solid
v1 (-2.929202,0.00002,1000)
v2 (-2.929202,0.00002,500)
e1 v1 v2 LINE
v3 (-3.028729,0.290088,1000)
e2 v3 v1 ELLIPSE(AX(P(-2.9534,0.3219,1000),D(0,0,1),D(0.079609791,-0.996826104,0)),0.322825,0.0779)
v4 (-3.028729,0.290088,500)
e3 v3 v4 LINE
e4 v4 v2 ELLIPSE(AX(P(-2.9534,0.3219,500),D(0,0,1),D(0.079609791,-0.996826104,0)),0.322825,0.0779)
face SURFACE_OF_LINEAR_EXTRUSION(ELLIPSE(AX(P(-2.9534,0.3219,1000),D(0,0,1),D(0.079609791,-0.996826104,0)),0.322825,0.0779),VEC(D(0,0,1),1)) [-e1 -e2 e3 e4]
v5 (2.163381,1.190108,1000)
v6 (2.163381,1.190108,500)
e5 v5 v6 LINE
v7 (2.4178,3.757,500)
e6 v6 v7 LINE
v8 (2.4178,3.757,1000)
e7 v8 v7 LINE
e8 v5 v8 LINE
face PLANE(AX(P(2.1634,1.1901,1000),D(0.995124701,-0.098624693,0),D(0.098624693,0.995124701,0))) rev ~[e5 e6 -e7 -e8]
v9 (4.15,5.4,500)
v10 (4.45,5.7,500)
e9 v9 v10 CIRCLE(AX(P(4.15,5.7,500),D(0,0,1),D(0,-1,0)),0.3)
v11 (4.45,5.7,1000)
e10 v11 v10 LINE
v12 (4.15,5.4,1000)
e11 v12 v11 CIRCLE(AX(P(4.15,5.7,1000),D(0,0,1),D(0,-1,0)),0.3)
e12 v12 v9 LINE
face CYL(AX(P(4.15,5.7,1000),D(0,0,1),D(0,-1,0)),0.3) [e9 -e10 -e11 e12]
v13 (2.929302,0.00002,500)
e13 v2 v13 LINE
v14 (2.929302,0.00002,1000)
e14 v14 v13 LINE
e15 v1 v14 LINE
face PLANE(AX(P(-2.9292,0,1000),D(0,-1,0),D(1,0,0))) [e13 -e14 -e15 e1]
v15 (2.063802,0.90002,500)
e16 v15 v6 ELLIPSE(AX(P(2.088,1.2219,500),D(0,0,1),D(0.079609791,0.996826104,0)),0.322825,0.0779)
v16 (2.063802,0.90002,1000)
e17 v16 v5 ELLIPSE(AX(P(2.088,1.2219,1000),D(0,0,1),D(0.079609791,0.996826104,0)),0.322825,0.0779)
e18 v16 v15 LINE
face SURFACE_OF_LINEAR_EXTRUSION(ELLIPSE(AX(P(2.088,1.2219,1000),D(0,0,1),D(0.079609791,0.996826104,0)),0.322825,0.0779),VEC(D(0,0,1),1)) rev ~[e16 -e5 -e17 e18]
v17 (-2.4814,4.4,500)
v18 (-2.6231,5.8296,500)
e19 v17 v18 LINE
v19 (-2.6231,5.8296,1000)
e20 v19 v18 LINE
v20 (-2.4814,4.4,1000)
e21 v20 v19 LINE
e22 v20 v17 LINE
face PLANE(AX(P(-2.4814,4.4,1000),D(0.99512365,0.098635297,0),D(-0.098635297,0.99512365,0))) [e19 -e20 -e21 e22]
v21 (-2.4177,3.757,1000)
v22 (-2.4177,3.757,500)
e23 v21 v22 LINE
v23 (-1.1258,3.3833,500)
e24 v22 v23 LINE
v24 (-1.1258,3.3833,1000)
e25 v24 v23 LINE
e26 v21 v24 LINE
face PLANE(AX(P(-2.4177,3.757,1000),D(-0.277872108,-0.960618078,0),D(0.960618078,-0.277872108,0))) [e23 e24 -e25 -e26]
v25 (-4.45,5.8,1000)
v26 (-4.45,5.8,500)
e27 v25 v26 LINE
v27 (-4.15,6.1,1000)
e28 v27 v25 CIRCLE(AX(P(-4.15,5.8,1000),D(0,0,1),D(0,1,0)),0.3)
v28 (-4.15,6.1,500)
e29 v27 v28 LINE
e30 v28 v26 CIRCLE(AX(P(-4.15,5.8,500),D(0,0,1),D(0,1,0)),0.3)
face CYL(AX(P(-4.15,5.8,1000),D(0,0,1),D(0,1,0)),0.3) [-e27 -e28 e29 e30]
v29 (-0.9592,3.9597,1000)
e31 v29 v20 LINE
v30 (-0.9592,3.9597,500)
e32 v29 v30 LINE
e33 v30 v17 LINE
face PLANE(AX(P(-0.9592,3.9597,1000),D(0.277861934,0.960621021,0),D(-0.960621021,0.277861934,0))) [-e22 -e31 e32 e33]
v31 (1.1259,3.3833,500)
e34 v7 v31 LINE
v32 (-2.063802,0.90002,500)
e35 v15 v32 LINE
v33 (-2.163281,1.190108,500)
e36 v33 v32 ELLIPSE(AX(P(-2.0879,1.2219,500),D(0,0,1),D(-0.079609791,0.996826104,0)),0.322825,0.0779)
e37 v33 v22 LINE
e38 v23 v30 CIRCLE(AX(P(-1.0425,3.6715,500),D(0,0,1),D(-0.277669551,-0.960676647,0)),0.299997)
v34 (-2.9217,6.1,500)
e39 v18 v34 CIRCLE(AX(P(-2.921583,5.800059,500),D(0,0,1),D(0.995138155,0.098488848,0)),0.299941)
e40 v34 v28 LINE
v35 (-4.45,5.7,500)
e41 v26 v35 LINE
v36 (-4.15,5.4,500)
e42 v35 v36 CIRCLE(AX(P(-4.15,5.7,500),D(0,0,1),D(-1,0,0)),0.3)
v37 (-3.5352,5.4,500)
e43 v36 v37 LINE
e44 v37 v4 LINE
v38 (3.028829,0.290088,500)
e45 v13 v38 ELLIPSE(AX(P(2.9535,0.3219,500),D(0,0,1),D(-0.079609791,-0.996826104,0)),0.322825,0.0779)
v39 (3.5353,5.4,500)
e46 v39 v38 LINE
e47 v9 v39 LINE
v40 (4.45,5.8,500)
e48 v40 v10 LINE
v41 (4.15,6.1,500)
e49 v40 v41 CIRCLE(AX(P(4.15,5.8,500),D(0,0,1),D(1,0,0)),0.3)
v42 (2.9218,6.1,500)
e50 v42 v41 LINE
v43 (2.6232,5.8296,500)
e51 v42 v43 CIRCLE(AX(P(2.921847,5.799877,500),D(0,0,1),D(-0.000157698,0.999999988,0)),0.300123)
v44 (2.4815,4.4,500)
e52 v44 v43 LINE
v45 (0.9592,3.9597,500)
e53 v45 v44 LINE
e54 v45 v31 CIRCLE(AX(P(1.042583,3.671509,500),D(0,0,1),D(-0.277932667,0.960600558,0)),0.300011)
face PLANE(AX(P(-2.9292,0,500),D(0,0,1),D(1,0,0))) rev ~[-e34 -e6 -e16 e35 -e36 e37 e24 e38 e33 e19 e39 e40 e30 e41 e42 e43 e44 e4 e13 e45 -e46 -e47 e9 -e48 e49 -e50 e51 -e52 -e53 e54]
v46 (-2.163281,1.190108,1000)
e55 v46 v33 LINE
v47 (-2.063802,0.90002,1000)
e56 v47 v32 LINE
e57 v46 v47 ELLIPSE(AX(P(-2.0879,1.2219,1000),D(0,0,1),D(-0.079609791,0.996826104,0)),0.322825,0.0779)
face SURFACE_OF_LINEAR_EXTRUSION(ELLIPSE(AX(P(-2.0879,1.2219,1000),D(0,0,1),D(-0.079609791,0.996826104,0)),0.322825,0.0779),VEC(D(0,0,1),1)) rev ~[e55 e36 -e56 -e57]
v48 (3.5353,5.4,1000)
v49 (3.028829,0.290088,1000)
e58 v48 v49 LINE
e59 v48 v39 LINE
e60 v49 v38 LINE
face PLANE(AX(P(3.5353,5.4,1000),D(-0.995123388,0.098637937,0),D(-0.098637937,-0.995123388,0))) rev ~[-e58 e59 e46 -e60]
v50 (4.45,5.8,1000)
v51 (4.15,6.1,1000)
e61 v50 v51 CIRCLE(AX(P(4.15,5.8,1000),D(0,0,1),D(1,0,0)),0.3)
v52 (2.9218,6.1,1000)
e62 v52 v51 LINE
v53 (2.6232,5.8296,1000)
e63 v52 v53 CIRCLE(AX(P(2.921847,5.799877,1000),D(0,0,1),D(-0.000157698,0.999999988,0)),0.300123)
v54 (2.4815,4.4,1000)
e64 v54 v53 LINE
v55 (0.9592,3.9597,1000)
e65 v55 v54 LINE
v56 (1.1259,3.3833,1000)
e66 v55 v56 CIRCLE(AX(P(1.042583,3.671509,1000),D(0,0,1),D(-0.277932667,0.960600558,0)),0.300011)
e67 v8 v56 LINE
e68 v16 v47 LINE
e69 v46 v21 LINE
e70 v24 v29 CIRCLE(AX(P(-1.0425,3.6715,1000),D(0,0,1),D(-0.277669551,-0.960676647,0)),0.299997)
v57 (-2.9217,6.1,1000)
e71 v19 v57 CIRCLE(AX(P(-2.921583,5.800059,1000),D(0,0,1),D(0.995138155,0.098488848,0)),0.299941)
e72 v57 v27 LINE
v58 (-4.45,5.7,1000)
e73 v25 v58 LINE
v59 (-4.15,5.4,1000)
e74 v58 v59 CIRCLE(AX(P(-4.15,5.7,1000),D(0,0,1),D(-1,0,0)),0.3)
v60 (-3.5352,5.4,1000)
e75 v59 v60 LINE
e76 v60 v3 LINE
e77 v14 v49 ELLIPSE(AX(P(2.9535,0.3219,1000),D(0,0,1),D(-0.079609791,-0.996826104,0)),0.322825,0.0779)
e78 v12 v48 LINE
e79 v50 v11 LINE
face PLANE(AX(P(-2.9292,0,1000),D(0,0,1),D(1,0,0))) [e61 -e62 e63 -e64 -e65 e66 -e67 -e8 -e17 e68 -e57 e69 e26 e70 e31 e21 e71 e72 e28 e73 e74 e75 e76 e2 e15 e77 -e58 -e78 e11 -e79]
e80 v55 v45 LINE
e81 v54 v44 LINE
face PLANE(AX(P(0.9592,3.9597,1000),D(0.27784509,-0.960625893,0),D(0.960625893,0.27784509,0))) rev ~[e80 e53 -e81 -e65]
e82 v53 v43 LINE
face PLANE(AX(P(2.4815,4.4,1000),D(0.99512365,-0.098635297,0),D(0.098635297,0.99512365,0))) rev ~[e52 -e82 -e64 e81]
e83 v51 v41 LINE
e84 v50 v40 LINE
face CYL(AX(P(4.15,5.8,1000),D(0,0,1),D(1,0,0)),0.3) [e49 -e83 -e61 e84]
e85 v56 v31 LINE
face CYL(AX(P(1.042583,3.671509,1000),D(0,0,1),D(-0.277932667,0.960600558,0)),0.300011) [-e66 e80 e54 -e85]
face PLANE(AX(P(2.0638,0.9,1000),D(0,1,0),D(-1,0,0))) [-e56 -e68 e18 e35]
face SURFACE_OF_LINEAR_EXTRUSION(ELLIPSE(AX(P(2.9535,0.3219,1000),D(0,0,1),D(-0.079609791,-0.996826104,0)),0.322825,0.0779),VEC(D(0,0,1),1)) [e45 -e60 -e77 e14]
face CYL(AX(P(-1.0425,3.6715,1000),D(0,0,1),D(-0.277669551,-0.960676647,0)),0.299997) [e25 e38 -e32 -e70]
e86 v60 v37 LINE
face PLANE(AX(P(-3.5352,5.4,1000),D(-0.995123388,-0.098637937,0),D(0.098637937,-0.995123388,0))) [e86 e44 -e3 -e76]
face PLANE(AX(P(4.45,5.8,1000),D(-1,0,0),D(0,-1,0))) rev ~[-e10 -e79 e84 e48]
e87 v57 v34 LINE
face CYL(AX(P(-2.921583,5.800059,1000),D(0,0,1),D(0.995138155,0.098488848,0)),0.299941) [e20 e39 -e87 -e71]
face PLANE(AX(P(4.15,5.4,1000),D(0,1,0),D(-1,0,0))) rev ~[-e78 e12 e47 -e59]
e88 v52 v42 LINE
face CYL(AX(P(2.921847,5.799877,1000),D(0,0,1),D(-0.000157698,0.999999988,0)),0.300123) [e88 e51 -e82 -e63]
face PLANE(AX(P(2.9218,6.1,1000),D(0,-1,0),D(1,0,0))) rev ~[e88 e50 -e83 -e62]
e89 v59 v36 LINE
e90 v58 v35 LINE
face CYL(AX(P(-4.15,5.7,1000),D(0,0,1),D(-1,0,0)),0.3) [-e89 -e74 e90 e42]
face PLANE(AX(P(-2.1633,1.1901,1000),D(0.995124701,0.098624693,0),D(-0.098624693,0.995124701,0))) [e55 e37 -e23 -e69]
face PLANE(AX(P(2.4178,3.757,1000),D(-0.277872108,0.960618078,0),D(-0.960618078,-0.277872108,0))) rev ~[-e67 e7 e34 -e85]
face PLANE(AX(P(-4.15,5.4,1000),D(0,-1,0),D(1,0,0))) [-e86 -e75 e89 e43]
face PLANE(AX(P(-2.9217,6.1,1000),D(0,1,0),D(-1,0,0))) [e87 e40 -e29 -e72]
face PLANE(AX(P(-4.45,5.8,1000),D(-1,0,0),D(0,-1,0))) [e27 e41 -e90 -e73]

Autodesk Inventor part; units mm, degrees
ref_plane "YZ Plane" through (0, 0, 0) normal (1, 0, 0) x (0, 1, 0)
ref_plane "XZ Plane" through (0, 0, 0) normal (0, 1, 0) x (-1, 0, 0)
ref_plane "РабПлоскость5" through (-2.9292, 0, 1000) normal (0, 0, 1) x (1, 0, 0)
sketch "Эскиз1" plane through (-2.9292, 0, 1000) normal (0, 0, 1) x (1, 0, 0)
  ellipse E0 centre (5.8827, 0.3219) end of major axis (5.857, 0.0001) minor radius 0.0779 (5.8585, 0) -> (5.958, 0.2901) ccw
  arc A0 (1.8034, 3.3833) -> (1.97, 3.9597) centre (1.8867, 3.6715) ccw
  arc A1 (3.8884, 3.9597) -> (4.0551, 3.3833) centre (3.9718, 3.6715) ccw
  line L0 (5.347, 3.757) -> (4.0551, 3.3833)
  line L1 (5.0926, 1.1901) -> (5.347, 3.757)
  ellipse E1 centre (0.8413, 1.2219) end of major axis (0.8156, 1.5437) minor radius 0.0779 (0.7659, 1.1901) -> (0.8654, 0.9) ccw
  line L2 (4.993, 0.9) -> (0.8654, 0.9)
  ellipse E2 centre (5.0172, 1.2219) end of major axis (5.0429, 1.5437) minor radius 0.0779 (4.993, 0.9) -> (5.0926, 1.1901) ccw
  line L3 (0.7659, 1.1901) -> (0.5115, 3.757)
  line L4 (1.97, 3.9597) -> (0.4478, 4.4)
  line L5 (3.8884, 3.9597) -> (5.4107, 4.4)
  line L6 (5.4107, 4.4) -> (5.5524, 5.8296)
  arc A2 (5.851, 6.1) -> (5.5524, 5.8296) centre (5.851, 5.8) ccw
  line L7 (5.851, 6.1) -> (7.0792, 6.1)
  arc A3 (7.3792, 5.8) -> (7.0792, 6.1) centre (7.0792, 5.8) ccw
  arc A4 (7.0792, 5.4) -> (7.3792, 5.7) centre (7.0792, 5.7) ccw
  line L8 (7.0792, 5.4) -> (6.4645, 5.4)
  line L9 (-0.606, 5.4) -> (-0.0995, 0.2901)
  line L10 (-1.2208, 5.4) -> (-0.606, 5.4)
  arc A5 (-1.5208, 5.7) -> (-1.2208, 5.4) centre (-1.2208, 5.7) ccw
  line L11 (-1.5208, 5.8) -> (-1.5208, 5.7)
  arc A6 (-1.2208, 6.1) -> (-1.5208, 5.8) centre (-1.2208, 5.8) ccw
  line L12 (0.0075, 6.1) -> (-1.2208, 6.1)
  arc A7 (0.3061, 5.8296) -> (0.0075, 6.1) centre (0.0075, 5.8) ccw
  line L13 (0.4478, 4.4) -> (0.3061, 5.8296)
  ellipse E3 centre (-0.0242, 0.3219) end of major axis (0.0015, 0.0001) minor radius 0.0779 (-0.0995, 0.2901) -> (0, 0) ccw
  line L14 (0, 0) -> (5.8585, 0)
  line L15 (6.4645, 5.4) -> (5.958, 0.2901)
  line L16 (7.3792, 5.8) -> (7.3792, 5.7)
  line L17 (0.5115, 3.757) -> (1.8034, 3.3833)
  point P0 (2.9292, 0)
extrude "Выдавливание1" add sketch "Эскиз1" against normal blind 500
properties part number "Uplotnitel-pazovyy500_-paz-6"
